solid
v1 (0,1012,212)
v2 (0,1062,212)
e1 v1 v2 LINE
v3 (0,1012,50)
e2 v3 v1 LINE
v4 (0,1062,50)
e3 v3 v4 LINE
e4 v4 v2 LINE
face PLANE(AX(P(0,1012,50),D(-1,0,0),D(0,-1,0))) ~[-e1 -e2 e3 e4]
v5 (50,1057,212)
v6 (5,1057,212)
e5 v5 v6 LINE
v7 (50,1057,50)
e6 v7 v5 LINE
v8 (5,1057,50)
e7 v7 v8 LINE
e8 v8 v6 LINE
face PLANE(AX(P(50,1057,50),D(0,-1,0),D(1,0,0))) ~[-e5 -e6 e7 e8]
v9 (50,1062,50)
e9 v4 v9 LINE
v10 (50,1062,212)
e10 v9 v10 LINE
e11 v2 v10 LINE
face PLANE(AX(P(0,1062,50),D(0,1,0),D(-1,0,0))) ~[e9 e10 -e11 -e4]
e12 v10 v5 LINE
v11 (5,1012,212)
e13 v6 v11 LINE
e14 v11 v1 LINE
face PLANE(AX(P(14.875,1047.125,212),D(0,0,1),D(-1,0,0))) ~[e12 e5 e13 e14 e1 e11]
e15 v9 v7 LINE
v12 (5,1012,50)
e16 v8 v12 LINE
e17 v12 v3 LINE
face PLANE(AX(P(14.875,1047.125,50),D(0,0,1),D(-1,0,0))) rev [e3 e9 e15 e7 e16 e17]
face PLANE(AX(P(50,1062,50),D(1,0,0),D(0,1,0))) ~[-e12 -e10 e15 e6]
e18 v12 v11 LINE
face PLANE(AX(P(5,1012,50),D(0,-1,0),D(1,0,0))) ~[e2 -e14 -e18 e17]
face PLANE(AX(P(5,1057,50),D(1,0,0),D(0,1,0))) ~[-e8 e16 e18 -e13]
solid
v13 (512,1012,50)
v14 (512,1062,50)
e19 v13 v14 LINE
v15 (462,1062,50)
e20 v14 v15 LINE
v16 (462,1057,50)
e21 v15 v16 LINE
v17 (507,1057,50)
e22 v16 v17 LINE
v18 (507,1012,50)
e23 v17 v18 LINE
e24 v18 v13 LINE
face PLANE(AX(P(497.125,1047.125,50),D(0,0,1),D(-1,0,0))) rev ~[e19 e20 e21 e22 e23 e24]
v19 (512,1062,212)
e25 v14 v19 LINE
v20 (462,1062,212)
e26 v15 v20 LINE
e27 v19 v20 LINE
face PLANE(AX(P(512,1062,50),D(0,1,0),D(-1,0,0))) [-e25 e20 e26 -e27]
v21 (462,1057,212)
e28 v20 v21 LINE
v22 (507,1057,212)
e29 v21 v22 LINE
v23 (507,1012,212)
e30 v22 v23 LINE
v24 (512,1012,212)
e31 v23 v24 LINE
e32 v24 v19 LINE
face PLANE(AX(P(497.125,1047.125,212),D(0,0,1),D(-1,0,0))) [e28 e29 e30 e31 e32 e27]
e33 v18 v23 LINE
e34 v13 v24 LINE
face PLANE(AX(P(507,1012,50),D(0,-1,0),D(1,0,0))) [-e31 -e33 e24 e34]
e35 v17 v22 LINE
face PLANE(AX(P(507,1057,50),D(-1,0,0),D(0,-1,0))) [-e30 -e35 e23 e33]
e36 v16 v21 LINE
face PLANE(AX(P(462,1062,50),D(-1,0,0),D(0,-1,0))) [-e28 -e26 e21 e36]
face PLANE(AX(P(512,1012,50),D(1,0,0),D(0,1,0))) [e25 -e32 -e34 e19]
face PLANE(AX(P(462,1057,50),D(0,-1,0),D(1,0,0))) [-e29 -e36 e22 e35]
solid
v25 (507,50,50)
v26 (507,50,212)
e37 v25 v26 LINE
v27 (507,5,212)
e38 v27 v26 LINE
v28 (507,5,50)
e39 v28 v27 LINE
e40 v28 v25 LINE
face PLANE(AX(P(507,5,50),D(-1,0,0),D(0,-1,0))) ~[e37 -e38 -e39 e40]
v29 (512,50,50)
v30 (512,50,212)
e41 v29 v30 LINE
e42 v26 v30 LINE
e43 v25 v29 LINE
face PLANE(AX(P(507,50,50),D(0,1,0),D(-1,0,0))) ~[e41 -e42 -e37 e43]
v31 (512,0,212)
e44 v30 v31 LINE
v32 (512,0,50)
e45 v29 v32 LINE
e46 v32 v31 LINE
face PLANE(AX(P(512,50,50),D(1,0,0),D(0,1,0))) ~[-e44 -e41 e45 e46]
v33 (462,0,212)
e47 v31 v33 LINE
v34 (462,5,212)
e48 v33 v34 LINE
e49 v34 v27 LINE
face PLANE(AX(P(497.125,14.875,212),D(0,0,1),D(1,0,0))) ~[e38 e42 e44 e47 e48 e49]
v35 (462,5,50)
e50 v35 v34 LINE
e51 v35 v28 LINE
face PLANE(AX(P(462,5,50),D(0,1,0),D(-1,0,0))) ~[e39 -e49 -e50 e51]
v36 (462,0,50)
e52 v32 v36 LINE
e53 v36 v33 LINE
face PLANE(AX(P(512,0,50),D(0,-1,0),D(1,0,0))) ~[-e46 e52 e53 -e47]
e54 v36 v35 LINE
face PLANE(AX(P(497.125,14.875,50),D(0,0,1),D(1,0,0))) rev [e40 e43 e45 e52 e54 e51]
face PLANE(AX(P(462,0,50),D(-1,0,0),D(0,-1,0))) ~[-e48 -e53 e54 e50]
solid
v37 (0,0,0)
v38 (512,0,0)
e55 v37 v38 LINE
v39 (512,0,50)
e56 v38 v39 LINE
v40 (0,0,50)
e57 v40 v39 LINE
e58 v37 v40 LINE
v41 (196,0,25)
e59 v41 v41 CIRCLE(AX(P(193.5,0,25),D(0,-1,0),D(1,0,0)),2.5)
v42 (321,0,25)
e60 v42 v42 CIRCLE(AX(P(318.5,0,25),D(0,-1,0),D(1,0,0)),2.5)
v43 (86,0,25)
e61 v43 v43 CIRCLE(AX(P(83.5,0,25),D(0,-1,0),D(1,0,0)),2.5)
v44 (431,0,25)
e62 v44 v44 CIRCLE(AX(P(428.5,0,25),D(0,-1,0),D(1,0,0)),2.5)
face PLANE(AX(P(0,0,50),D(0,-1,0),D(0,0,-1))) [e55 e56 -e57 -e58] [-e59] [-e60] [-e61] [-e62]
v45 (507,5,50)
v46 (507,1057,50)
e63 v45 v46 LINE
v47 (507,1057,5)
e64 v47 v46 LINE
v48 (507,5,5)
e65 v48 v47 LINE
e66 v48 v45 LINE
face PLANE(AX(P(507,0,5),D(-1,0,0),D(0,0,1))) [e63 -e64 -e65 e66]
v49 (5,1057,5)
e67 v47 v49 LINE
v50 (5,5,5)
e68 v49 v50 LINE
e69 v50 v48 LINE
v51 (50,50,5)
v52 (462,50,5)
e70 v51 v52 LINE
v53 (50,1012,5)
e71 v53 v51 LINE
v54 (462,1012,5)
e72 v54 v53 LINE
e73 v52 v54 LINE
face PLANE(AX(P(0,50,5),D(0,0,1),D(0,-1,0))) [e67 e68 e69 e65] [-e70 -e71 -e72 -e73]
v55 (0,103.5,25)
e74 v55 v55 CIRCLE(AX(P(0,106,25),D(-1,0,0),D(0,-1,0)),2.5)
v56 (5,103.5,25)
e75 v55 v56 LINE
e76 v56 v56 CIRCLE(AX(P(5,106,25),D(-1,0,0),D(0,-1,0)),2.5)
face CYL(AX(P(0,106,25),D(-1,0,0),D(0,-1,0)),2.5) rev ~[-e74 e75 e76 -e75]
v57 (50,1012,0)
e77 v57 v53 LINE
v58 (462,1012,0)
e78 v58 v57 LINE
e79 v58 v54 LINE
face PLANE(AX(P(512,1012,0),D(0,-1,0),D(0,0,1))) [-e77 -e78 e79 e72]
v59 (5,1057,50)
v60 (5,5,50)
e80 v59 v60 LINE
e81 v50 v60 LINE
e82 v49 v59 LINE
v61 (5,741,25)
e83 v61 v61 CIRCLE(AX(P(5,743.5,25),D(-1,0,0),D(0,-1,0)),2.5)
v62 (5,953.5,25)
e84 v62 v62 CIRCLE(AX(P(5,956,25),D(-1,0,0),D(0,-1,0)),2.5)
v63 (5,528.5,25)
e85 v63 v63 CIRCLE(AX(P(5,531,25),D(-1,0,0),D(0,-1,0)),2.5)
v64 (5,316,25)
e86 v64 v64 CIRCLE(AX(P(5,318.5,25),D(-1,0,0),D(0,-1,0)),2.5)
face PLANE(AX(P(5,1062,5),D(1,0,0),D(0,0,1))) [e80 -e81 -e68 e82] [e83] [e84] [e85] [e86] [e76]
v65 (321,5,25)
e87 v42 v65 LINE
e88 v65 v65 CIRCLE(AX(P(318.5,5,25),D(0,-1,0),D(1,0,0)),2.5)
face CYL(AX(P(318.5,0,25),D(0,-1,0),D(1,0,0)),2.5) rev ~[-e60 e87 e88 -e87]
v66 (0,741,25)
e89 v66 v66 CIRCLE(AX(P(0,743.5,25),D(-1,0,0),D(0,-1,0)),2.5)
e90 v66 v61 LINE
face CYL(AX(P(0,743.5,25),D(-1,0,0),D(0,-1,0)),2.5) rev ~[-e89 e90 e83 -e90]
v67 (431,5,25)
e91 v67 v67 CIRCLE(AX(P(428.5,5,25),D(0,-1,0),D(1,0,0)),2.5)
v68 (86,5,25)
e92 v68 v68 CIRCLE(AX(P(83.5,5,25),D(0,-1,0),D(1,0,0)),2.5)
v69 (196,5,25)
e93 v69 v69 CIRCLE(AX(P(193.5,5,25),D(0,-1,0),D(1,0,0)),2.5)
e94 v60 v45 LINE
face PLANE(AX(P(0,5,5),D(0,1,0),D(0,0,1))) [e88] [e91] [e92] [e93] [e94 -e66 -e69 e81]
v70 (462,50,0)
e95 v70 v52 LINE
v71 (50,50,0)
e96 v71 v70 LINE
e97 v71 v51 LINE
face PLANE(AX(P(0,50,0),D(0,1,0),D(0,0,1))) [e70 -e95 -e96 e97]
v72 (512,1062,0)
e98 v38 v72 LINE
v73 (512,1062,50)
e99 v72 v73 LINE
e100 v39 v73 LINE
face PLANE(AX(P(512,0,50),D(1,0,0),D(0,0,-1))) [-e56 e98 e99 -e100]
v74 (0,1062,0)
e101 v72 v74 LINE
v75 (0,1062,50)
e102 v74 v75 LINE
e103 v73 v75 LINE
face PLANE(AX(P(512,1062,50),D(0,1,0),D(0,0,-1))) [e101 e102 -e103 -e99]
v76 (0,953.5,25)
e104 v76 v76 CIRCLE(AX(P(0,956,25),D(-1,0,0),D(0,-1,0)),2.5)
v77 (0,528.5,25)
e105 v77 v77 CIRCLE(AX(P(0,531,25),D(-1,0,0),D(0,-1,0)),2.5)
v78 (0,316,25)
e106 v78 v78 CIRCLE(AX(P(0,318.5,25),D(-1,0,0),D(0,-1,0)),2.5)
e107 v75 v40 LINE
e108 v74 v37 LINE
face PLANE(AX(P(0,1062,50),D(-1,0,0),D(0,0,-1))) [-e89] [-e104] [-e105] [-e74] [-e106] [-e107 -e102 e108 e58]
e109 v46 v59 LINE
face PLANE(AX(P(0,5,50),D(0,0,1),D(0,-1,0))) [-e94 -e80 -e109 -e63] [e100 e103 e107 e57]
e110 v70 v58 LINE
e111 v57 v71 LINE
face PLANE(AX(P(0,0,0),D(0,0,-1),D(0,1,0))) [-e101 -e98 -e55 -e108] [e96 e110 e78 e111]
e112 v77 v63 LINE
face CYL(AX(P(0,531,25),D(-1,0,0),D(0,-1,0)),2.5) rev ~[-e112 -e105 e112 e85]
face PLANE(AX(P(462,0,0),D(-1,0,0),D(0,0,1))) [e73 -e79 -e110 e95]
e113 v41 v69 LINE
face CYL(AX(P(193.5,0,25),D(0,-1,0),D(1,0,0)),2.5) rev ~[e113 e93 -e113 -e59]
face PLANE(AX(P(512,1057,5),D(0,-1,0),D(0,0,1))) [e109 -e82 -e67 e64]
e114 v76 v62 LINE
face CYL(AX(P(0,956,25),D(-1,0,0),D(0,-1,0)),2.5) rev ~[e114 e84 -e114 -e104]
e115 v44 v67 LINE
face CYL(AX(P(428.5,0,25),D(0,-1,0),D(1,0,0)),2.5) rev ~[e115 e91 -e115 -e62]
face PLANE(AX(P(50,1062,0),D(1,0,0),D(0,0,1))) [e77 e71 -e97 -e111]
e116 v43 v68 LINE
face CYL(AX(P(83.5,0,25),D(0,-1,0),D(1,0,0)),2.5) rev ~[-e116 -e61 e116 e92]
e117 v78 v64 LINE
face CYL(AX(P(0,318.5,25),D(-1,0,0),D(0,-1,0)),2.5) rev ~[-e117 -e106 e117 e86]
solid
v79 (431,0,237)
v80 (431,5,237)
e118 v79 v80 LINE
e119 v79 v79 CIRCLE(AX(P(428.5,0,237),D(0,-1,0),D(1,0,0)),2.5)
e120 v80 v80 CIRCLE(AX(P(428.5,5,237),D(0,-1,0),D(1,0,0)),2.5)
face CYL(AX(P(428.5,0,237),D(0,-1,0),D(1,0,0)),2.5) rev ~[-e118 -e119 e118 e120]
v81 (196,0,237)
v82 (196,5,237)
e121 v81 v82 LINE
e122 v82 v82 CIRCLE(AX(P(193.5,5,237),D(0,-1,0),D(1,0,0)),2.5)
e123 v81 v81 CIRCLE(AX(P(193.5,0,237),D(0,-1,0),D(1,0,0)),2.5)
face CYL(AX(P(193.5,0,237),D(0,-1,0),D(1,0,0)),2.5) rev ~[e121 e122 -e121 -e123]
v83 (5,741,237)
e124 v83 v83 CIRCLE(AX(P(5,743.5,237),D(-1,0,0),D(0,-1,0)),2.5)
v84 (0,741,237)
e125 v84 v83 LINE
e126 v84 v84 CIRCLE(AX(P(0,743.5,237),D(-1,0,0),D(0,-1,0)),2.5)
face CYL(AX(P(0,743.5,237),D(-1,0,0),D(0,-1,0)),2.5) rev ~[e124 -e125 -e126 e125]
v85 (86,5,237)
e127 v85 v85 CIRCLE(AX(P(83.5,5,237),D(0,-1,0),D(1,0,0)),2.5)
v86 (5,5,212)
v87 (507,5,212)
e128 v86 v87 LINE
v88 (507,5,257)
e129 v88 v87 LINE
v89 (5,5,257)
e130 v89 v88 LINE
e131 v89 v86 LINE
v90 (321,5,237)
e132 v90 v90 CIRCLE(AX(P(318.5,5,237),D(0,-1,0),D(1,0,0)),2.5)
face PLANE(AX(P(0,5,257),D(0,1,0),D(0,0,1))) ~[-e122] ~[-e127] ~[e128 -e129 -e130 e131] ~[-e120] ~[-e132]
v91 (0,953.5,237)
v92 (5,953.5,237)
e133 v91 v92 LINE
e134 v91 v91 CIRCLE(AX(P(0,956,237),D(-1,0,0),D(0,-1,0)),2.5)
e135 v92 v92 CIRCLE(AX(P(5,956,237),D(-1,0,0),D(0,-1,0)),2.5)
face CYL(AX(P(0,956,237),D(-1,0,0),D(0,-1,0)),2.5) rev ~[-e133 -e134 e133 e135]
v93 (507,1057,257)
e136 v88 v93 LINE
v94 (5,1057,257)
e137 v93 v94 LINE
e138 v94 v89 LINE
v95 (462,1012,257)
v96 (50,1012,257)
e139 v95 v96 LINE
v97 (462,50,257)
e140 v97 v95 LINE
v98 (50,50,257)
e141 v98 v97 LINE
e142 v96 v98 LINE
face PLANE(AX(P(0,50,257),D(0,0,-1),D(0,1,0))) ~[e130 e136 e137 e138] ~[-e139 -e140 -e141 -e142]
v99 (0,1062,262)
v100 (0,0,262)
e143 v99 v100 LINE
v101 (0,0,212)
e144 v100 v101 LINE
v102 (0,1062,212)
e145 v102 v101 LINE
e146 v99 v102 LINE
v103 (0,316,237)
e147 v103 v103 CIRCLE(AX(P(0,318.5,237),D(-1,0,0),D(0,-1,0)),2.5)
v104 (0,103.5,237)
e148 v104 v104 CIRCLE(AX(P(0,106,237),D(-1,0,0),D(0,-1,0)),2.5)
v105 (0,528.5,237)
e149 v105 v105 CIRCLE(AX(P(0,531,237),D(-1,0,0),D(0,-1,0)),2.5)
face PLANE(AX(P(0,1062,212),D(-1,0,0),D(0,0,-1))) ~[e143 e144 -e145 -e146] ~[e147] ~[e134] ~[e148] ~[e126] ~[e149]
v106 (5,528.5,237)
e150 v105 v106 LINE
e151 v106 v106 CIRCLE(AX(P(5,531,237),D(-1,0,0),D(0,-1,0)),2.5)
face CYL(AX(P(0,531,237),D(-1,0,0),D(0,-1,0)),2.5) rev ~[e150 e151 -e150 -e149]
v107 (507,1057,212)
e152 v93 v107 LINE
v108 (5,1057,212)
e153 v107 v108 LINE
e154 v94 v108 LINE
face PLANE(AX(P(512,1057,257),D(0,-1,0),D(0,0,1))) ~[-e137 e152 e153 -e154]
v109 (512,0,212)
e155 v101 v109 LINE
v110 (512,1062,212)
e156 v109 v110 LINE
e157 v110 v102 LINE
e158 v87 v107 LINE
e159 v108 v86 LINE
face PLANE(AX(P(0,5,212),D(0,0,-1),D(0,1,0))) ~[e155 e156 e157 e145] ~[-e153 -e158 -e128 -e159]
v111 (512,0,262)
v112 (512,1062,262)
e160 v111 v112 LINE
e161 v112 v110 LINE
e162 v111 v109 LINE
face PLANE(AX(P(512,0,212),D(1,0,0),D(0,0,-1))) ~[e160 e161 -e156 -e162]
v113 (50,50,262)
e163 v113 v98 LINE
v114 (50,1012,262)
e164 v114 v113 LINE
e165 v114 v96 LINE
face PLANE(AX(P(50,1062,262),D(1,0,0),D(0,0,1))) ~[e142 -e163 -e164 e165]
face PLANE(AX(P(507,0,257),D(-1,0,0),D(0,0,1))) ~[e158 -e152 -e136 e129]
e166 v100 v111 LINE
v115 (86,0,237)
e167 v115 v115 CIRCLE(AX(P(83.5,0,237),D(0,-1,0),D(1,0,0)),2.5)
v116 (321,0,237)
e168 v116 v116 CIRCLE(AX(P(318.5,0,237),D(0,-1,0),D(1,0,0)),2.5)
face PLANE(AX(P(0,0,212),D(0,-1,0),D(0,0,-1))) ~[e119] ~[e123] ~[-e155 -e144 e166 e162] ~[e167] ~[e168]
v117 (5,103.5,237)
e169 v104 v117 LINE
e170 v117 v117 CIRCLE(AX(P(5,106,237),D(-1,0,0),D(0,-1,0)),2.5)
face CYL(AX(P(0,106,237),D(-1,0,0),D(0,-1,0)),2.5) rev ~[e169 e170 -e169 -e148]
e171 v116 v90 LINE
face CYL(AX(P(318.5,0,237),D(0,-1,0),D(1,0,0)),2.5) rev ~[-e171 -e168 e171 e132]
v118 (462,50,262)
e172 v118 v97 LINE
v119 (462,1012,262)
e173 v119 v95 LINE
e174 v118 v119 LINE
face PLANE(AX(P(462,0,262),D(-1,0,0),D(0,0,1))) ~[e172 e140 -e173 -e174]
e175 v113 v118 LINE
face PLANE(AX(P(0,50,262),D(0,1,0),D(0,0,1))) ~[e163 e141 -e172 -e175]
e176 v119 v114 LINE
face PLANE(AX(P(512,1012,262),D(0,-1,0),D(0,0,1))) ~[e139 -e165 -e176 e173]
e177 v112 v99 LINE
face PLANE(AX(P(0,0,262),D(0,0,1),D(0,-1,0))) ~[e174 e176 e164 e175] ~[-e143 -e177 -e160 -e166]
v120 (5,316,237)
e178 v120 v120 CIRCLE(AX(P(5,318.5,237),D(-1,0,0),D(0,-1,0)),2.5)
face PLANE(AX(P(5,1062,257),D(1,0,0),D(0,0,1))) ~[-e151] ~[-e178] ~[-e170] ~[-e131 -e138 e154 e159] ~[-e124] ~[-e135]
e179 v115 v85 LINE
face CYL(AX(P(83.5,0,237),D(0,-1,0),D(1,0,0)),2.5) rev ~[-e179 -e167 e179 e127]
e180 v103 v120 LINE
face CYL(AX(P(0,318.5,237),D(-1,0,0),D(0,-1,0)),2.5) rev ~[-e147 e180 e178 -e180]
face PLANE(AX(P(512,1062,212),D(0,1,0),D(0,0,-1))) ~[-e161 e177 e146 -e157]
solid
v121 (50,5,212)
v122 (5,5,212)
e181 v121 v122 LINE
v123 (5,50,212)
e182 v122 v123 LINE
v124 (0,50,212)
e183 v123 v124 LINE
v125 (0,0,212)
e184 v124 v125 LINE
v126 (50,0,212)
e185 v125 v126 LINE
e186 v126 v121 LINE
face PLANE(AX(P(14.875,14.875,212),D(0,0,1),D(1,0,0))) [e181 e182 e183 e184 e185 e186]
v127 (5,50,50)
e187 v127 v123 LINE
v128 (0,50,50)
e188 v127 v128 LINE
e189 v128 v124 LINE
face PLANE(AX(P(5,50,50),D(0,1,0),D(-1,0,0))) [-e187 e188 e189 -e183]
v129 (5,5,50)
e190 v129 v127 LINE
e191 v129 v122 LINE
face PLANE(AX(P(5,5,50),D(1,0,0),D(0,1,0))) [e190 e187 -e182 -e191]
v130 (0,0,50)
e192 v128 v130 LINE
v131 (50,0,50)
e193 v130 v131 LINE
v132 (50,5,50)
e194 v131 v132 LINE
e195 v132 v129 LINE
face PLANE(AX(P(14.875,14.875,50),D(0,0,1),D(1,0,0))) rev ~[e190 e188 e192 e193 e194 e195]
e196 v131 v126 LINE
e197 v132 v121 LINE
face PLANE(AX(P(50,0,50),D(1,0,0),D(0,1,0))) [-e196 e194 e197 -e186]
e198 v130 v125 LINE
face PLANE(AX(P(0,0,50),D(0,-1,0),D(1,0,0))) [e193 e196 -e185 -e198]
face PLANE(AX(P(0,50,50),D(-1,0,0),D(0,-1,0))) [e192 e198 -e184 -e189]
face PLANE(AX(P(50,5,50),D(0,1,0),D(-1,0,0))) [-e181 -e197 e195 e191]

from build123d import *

# Parameters (mm, degrees)
F12_R     = 2.5
F13_DEPTH = 4.9999998882
F14_R     = 2.5
F15_DEPTH = 4.9999998882


with BuildPart() as f2:
    # F2: sweep along a path in F0
    with BuildLine(Plane.XY) as f2_path:
        Line((0, 0), (512, 0))
        Line((512, 0), (512, 1062))
        Line((512, 1062), (0, 1062))
        Line((0, 1062), (0, 0))
    # F1 (on Right) → F2 (sweep)
    with BuildSketch(Plane.YZ):
        Polygon((4.9999998882, 50), (0, 50), (0, 0), (50, 0), (50, 4.9999998882), (4.9999998882, 4.9999998882), align=None)
    sweep(path=f2_path.line, transition=Transition.RIGHT)


with BuildPart() as f4_1:
    # F4: instance of F2
    add(f2.part.mirror(Plane.XY.offset(131)))


with BuildPart() as f7:
    # F7: sweep along a path in F5
    with BuildLine(Plane.XZ) as f7_path:
        Line((0, 50), (0, 212))
    # F6 (on face) → F7 (sweep)
    with BuildSketch(Plane.XY.offset(50)):
        Polygon((4.9999998882, 50), (0, 50), (0, 0), (50, 0), (50, 4.9999998882), (4.9999998882, 4.9999998882), align=None)
    sweep(path=f7_path.line)


with BuildPart() as f9_1:
    # F9: instance of F7
    add(f7.part.mirror(Plane.XZ.offset(-531)))


with BuildPart() as f11_1:
    # F11: instance of F7
    add(f7.part.mirror(Plane.YZ.offset(256)))


with BuildPart() as f11_2:
    # F11: instance of F9_1
    add(f9_1.part.mirror(Plane.YZ.offset(256)))


with BuildPart() as f13_tool:
    # F12 (on face) → F13 (new body, through all)
    with BuildSketch(Plane(origin=(0, 0, 0), x_dir=(0, -1, 0), z_dir=(-1, 0, 0))):
        with Locations((-956, 237)):
            Circle(F12_R)
        with Locations((-743.5, 237)):
            Circle(F12_R)
        with Locations((-318.5, 237)):
            Circle(F12_R)
        with Locations((-106, 237)):
            Circle(F12_R)
        with Locations((-318.5, 25)):
            Circle(F12_R)
        with Locations((-743.5, 25)):
            Circle(F12_R)
        with Locations((-106, 25)):
            Circle(F12_R)
        with Locations((-956, 25)):
            Circle(F12_R)
        with Locations((-531, 237)):
            Circle(F12_R)
        with Locations((-531, 25)):
            Circle(F12_R)
    extrude(amount=-F13_DEPTH)


with BuildPart() as f2_1:
    add(f2.part)

    # F13: cut by f13_tool
    add(f13_tool.part, mode=Mode.SUBTRACT)


with BuildPart() as f4_1_1:
    add(f4_1.part)

    # F13: cut by f13_tool
    add(f13_tool.part, mode=Mode.SUBTRACT)


with BuildPart() as f15_tool:
    # F14 (on face) → F15 (new body, through all)
    with BuildSketch(Plane.XZ):
        with Locations((83.5, 237)):
            Circle(F14_R)
        with Locations((193.5, 237)):
            Circle(F14_R)
        with Locations((318.5, 237)):
            Circle(F14_R)
        with Locations((428.5, 237)):
            Circle(F14_R)
        with Locations((83.5, 25)):
            Circle(F14_R)
        with Locations((193.5, 25)):
            Circle(F14_R)
        with Locations((318.5, 25)):
            Circle(F14_R)
        with Locations((428.5, 25)):
            Circle(F14_R)
    extrude(amount=-F15_DEPTH)


with BuildPart() as f2_2:
    add(f2_1.part)

    # F15: cut by f15_tool
    add(f15_tool.part, mode=Mode.SUBTRACT)


with BuildPart() as f4_1_2:
    add(f4_1_1.part)

    # F15: cut by f15_tool
    add(f15_tool.part, mode=Mode.SUBTRACT)


solid = Compound([f7.part, f9_1.part, f11_1.part, f11_2.part, f2_2.part, f4_1_2.part])
